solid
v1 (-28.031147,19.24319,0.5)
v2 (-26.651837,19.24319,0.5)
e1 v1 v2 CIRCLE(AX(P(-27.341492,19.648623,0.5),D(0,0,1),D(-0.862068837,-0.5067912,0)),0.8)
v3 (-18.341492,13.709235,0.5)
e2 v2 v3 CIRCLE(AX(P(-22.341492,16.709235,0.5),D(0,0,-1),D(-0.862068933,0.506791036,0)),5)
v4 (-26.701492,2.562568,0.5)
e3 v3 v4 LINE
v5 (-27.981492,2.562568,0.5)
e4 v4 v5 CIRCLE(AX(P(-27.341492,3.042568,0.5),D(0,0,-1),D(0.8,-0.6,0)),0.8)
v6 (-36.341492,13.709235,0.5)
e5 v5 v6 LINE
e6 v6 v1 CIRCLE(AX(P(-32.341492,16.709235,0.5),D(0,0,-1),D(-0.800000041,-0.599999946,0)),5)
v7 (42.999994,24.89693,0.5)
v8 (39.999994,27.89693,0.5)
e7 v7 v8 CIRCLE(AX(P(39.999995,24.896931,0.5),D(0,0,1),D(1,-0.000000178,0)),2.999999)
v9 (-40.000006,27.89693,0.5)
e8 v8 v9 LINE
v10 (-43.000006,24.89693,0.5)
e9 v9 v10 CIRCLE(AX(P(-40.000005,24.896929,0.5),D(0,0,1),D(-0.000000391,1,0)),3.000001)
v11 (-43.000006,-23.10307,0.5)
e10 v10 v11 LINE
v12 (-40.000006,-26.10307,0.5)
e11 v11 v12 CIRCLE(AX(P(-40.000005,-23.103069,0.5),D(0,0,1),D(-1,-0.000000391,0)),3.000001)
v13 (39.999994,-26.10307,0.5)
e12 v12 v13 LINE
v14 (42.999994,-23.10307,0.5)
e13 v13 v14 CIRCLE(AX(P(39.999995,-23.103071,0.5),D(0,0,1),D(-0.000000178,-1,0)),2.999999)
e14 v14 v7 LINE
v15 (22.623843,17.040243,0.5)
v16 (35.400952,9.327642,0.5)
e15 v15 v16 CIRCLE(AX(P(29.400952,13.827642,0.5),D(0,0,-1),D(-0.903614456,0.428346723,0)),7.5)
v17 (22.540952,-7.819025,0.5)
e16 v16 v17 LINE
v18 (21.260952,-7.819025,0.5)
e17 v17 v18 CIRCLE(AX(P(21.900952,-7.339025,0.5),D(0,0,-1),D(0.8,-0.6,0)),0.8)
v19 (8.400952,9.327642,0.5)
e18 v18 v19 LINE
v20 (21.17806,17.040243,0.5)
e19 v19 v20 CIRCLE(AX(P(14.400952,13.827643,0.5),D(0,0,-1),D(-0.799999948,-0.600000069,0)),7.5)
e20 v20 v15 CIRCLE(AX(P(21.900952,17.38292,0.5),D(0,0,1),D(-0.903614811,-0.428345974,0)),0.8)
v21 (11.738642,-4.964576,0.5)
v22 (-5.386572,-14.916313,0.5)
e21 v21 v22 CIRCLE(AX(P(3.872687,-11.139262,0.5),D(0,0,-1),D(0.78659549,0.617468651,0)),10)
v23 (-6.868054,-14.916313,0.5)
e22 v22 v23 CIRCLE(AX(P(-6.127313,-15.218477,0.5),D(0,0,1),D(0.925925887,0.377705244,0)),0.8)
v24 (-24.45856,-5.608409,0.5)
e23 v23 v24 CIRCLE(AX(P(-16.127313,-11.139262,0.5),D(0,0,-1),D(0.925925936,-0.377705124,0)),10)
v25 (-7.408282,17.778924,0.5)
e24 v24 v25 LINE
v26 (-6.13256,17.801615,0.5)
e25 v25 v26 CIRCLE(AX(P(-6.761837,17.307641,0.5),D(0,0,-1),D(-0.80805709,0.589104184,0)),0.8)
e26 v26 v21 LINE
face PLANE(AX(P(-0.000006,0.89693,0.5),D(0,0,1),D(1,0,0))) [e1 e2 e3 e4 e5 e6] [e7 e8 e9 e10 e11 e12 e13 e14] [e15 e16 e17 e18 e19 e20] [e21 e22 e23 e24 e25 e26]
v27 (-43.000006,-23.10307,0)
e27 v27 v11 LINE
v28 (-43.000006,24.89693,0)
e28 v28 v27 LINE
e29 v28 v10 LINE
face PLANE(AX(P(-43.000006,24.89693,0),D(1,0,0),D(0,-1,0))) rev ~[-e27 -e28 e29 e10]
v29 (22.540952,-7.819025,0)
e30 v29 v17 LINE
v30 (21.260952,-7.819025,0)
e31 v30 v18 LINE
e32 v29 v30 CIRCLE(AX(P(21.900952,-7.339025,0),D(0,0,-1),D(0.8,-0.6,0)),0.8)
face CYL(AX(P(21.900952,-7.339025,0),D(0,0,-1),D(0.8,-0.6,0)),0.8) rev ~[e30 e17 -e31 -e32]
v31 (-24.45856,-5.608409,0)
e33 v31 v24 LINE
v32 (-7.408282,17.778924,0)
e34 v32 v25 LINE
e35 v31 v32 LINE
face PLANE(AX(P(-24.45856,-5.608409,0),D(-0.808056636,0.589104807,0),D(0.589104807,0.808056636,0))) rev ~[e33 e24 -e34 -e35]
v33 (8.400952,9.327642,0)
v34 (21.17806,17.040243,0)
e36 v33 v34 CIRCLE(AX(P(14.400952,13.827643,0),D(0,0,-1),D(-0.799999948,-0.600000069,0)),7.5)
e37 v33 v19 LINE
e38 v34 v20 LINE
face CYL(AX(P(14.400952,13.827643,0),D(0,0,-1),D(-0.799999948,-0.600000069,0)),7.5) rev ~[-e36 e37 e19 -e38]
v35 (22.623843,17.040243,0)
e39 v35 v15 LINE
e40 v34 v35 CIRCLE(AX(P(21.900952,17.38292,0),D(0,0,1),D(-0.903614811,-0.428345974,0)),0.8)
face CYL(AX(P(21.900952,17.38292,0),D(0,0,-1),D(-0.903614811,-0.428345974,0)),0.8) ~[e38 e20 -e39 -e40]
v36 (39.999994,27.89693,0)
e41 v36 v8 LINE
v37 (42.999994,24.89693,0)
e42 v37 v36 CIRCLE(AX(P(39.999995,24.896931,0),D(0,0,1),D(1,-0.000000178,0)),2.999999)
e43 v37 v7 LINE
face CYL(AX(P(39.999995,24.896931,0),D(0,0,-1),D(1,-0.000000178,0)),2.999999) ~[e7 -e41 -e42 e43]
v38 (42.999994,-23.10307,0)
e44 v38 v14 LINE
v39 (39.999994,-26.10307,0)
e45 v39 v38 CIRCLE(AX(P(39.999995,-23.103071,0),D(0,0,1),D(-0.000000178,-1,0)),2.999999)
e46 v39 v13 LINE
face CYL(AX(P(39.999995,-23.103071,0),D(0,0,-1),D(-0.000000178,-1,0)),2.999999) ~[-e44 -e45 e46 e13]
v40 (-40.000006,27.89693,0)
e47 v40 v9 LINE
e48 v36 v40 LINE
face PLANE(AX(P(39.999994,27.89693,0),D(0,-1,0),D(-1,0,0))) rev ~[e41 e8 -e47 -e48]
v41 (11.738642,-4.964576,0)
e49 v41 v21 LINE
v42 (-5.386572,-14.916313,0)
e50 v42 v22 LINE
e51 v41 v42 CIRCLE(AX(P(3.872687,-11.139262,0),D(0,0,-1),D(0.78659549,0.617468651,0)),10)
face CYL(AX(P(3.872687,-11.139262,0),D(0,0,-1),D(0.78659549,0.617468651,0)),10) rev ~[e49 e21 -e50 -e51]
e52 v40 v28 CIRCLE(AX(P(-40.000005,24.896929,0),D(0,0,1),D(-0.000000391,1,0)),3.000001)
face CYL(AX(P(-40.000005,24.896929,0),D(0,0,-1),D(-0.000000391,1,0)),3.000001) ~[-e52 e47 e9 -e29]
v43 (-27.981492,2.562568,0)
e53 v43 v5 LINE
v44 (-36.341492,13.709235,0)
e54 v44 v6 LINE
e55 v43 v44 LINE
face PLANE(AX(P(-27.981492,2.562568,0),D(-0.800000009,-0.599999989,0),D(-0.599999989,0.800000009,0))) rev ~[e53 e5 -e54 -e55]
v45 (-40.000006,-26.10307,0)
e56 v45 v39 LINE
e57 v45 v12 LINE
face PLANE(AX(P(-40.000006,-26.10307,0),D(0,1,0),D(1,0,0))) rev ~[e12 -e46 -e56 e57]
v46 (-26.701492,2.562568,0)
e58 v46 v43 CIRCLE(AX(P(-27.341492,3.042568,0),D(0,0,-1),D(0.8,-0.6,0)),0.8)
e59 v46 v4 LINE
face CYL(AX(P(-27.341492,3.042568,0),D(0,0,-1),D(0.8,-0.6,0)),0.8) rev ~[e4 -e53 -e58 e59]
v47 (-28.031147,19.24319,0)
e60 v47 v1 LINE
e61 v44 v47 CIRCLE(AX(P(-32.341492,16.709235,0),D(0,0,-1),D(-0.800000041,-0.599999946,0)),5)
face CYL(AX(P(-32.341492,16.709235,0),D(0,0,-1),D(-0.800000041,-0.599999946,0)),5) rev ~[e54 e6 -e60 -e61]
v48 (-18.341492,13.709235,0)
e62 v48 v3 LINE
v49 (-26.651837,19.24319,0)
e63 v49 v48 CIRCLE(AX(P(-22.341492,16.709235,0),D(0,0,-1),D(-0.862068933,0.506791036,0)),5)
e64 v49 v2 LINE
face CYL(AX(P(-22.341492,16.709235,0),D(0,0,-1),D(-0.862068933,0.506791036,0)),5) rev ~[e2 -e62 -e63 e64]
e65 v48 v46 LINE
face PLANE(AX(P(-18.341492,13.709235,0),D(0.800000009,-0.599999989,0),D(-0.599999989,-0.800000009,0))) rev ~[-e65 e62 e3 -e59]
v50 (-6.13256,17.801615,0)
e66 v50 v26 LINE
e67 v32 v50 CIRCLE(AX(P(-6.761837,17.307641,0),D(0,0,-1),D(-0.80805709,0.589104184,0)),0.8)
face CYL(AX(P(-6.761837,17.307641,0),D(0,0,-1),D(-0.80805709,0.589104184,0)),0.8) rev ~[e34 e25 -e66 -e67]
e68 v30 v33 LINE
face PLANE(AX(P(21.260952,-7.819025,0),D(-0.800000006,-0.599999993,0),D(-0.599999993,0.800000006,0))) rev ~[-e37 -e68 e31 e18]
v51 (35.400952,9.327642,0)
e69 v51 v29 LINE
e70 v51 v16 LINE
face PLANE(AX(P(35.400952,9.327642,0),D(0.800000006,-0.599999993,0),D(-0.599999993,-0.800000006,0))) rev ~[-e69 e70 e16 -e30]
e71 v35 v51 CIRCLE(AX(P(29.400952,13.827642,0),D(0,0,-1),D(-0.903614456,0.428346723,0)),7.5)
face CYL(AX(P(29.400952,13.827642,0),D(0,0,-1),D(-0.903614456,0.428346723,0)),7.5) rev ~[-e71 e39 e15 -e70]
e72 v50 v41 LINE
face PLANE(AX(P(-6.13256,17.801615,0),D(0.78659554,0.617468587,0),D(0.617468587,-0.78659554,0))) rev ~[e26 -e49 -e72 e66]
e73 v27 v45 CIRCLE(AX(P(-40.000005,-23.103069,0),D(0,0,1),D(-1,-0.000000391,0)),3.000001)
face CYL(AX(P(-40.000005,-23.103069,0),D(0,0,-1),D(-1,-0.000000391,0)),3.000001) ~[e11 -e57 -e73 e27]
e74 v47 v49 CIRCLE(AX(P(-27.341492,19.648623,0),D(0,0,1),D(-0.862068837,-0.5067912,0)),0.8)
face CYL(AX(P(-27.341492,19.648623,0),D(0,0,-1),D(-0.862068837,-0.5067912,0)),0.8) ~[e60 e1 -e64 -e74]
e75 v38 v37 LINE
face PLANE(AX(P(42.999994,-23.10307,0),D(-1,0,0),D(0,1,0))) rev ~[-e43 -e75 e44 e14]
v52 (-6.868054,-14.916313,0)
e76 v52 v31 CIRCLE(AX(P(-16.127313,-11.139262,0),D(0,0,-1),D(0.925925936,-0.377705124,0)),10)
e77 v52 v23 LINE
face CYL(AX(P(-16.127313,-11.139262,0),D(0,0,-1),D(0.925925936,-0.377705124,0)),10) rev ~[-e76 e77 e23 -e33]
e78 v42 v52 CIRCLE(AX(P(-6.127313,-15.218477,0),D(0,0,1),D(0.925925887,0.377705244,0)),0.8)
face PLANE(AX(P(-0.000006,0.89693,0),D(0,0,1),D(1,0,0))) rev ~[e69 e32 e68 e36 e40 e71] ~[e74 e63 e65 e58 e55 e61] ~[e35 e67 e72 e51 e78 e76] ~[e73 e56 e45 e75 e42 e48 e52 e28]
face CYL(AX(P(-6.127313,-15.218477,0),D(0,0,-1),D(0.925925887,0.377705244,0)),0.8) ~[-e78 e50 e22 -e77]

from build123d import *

# Parameters (mm, degrees)
F1_DEPTH = 0.5


with BuildPart() as f1:
    # F0 (on Top) → F1 (new body)
    with BuildSketch(Plane.XY):
        with BuildLine():
            ThreePointArc((-43.000006, -23.10307), (-42.121326, -25.22439), (-40.000006, -26.10307))
            Line((-40.000006, -26.10307), (39.999994, -26.10307))
            ThreePointArc((39.999994, -26.10307), (42.121315, -25.22439), (42.999994, -23.10307))
            Line((42.999994, -23.10307), (42.999994, 24.89693))
            ThreePointArc((42.999994, 24.89693), (42.121315, 27.01825), (39.999994, 27.89693))
            Line((39.999994, 27.89693), (-40.000006, 27.89693))
            ThreePointArc((-40.000006, 27.89693), (-42.121326, 27.01825), (-43.000006, 24.89693))
            Line((-43.000006, 24.89693), (-43.000006, -23.10307))
        make_face()
        with BuildLine():
            ThreePointArc((-6.868054, -14.916313), (-20.804339, -19.978121), (-24.45856, -5.608409))
            Line((-24.45856, -5.608409), (-7.408282, 17.778924))
            ThreePointArc((-7.408282, 17.778924), (-6.776064, 18.107514), (-6.13256, 17.801615))
            Line((-6.13256, 17.801615), (11.738642, -4.964576))
            ThreePointArc((11.738642, -4.964576), (8.897087, -19.785383), (-5.386572, -14.916313))
            ThreePointArc((-5.386572, -14.916313), (-6.127313, -14.418477), (-6.868054, -14.916313))
        make_face(mode=Mode.SUBTRACT)
        with BuildLine():
            Line((-27.981492, 2.562568), (-36.341492, 13.709235))
            ThreePointArc((-36.341492, 13.709235), (-35.112817, 20.870936), (-28.031147, 19.24319))
            ThreePointArc((-28.031147, 19.24319), (-27.341492, 18.848623), (-26.651837, 19.24319))
            ThreePointArc((-26.651837, 19.24319), (-19.570167, 20.870936), (-18.341492, 13.709235))
            Line((-18.341492, 13.709235), (-26.701492, 2.562568))
            ThreePointArc((-26.701492, 2.562568), (-27.341492, 2.242568), (-27.981492, 2.562568))
        make_face(mode=Mode.SUBTRACT)
        with BuildLine():
            Line((21.260952, -7.819025), (8.400952, 9.327642))
            ThreePointArc((8.400952, 9.327642), (10.525126, 20.248544), (21.17806, 17.040243))
            ThreePointArc((21.17806, 17.040243), (21.900952, 16.58292), (22.623843, 17.040243))
            ThreePointArc((22.623843, 17.040243), (33.276778, 20.248544), (35.400952, 9.327642))
            Line((35.400952, 9.327642), (22.540952, -7.819025))
            ThreePointArc((22.540952, -7.819025), (21.900952, -8.139025), (21.260952, -7.819025))
        make_face(mode=Mode.SUBTRACT)
    extrude(amount=F1_DEPTH)


solid = f1.part
